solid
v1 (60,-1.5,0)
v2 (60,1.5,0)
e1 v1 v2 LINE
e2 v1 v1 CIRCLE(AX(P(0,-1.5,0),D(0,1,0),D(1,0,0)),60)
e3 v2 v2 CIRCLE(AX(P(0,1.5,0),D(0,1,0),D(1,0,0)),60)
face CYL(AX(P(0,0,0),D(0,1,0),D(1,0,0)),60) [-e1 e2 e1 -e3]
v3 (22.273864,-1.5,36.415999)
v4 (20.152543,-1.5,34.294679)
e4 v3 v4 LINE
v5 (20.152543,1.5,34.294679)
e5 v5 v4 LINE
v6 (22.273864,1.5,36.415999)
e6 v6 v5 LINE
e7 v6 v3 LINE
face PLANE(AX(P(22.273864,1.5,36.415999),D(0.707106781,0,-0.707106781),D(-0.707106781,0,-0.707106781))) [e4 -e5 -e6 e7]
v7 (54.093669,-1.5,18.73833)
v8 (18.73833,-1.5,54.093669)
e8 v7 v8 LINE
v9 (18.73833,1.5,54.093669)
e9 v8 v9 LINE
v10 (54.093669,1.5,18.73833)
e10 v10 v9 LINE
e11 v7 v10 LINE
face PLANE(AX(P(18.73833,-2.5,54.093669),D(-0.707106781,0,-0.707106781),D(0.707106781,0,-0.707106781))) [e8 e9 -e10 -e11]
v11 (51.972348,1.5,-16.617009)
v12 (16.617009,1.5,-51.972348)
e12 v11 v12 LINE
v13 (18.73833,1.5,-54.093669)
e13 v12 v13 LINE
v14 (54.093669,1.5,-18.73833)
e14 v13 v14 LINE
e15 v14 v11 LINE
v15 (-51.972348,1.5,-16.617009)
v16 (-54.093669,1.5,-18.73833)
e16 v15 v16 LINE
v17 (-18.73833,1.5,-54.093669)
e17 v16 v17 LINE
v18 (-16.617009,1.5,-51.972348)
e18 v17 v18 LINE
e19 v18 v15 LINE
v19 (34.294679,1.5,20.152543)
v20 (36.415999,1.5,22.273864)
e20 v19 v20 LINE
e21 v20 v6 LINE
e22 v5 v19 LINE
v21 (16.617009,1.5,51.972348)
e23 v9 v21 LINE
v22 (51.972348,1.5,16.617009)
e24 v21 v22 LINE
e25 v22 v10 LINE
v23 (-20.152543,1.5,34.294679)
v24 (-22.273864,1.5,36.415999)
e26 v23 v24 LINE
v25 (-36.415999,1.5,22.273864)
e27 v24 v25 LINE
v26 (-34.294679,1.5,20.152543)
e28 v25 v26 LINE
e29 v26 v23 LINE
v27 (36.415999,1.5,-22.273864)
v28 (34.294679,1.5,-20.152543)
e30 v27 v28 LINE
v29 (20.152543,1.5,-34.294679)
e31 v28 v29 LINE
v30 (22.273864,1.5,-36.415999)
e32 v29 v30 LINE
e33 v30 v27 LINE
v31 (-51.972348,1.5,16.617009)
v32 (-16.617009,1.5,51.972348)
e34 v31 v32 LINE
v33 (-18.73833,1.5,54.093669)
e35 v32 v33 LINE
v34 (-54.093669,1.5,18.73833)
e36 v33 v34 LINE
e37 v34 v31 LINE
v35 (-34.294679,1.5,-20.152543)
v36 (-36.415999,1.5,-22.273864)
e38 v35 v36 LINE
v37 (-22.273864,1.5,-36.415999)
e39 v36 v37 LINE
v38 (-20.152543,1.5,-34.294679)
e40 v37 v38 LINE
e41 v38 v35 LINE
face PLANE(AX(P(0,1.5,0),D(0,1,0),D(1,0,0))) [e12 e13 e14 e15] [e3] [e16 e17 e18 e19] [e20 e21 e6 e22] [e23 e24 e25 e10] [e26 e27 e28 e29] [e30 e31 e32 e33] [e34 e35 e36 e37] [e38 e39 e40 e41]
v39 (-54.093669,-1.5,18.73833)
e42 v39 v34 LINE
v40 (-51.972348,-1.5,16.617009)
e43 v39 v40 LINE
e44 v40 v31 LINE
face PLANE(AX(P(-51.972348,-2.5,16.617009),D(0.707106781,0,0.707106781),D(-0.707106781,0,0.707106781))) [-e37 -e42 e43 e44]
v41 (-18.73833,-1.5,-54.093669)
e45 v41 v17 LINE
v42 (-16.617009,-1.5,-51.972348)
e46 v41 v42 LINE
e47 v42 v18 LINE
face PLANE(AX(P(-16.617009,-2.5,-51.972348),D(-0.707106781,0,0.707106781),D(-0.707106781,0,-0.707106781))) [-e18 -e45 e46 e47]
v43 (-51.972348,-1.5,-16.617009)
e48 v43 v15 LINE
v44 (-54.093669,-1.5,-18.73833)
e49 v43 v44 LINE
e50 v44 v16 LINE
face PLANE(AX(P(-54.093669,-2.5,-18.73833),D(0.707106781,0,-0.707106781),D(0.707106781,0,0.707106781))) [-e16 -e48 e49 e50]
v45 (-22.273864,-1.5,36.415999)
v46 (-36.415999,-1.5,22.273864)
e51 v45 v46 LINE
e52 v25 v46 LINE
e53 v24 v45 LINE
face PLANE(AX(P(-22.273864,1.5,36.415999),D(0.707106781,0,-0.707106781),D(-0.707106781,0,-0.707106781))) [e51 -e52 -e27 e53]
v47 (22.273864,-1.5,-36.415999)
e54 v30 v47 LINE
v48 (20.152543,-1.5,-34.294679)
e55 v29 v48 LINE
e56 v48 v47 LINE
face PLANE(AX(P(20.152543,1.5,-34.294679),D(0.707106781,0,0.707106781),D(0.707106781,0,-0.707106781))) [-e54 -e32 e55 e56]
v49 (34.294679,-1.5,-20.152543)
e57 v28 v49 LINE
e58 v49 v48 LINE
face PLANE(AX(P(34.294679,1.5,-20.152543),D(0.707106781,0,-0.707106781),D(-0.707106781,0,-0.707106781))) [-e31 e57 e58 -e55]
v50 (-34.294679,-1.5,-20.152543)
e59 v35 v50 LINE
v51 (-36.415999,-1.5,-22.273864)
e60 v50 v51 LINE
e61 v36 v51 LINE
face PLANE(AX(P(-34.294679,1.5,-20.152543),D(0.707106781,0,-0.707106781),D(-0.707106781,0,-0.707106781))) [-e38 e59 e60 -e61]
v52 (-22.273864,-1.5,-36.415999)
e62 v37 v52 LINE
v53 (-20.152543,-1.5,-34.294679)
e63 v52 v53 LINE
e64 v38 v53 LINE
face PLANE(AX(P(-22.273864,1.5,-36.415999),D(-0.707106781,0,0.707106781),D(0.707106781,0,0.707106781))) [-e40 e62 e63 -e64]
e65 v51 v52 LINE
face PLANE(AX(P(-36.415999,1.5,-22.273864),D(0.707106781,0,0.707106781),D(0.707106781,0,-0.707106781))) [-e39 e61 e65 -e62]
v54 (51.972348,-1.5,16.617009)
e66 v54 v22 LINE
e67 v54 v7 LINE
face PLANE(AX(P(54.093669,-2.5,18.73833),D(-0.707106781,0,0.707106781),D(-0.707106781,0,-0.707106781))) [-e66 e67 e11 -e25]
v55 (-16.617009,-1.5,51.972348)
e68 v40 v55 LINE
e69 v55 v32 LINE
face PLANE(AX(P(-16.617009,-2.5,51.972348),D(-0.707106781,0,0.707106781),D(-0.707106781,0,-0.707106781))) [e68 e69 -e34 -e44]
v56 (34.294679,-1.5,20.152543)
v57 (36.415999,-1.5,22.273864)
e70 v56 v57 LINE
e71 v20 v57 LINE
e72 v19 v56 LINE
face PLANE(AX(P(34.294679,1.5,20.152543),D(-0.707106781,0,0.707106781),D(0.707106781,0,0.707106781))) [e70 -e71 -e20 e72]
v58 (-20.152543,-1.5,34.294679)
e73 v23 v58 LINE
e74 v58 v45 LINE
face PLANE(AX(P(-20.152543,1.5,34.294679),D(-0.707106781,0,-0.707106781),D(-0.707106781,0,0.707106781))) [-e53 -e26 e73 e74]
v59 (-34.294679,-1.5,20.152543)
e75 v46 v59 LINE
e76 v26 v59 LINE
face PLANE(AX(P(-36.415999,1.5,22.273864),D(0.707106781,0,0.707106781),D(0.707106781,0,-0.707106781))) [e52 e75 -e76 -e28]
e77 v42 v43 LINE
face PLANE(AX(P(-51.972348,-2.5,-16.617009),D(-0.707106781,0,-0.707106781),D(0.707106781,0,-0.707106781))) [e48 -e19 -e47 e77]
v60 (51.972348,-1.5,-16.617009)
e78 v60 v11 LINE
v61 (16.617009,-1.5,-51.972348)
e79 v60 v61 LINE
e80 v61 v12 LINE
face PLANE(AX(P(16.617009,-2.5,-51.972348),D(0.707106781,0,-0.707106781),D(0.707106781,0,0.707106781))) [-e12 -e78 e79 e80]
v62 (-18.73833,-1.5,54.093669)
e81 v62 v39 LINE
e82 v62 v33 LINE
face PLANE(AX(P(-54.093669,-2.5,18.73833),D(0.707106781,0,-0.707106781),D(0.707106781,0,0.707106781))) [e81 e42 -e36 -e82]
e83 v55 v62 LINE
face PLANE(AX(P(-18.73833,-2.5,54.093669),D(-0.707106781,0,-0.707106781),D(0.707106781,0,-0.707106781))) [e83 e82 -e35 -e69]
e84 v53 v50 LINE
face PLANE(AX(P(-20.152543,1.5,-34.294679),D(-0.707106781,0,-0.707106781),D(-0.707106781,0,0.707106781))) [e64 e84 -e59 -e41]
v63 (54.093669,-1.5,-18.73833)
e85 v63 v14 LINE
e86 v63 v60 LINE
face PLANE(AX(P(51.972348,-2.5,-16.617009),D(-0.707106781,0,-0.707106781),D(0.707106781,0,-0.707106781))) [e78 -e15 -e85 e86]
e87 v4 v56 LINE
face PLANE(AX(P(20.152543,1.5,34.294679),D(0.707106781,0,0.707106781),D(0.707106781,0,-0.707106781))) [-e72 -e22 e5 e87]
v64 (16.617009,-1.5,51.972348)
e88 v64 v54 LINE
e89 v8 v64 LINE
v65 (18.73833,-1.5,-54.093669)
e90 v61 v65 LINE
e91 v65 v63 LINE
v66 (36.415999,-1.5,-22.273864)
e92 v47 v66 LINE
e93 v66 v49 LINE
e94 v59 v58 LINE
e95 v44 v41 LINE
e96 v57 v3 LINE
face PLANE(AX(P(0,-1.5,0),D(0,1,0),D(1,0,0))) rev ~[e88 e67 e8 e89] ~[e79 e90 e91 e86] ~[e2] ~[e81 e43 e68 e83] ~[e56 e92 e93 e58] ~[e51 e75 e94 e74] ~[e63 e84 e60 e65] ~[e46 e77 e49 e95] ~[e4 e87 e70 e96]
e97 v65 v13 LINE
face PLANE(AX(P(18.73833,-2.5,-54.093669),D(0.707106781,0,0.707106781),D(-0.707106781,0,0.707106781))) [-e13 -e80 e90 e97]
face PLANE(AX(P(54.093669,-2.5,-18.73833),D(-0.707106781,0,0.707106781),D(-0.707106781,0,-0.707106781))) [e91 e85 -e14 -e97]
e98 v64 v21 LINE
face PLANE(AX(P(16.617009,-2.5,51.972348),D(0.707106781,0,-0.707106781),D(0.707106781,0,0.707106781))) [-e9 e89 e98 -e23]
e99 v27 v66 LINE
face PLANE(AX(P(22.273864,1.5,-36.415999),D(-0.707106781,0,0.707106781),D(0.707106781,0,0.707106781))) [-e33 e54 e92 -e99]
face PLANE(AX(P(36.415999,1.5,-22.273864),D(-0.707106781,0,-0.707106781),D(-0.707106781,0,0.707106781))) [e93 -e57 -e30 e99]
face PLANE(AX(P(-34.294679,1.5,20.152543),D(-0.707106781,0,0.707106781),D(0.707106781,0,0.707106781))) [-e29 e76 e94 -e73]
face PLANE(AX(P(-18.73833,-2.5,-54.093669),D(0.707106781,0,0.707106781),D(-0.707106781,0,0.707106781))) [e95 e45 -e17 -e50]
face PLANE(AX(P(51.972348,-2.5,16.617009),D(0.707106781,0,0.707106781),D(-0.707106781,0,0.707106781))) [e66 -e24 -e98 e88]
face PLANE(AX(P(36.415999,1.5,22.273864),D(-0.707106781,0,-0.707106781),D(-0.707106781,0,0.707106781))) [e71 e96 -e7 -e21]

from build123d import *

# Parameters (mm, degrees)
SKETCH1_R           = 60
BOSS_EXTRUDE1_DEPTH = 1.5
CUT_EXTRUDE3_START  = -4
CUT_EXTRUDE3_DEPTH  = 5
CIRPATTERN1_COUNT   = 4
CUT_EXTRUDE4_DEPTH  = 4
CIRPATTERN2_COUNT   = 4


with BuildPart() as part:
    # Sketch1 → Boss-Extrude1 (new body, symmetric)
    with BuildSketch(Plane(origin=(0, 0, 0), x_dir=(1, 0, 0), z_dir=(0, 1, 0))):
        Circle(SKETCH1_R)
    extrude(amount=BOSS_EXTRUDE1_DEPTH, both=True)

    # Sketch4 → Cut-Extrude3 (cut)
    with BuildSketch(Plane(origin=(0, 1.5, 0), x_dir=(1, 0, 0), z_dir=(0, 1, 0)).offset(CUT_EXTRUDE3_START)):
        Polygon((16.617009358, 51.972348417), (51.972348417, 16.617009358), (54.093668761, 18.738329701), (18.738329701, 54.093668761), align=None)
    cut_extrude3 = extrude(amount=CUT_EXTRUDE3_DEPTH, mode=Mode.SUBTRACT)

    # CirPattern1: Cut-Extrude3 ×4 about axis
    cirpattern1_axis = Axis((0, 0, 0), (0, 1, 0))
    for i in range(1, CIRPATTERN1_COUNT):
        add(cut_extrude3.rotate(cirpattern1_axis, i * 360 / CIRPATTERN1_COUNT), mode=Mode.SUBTRACT)

    # Sketch5 → Cut-Extrude4 (cut, through all)
    with BuildSketch(Plane(origin=(0, 1.5, 0), x_dir=(1, 0, 0), z_dir=(0, 1, 0))):
        Polygon((22.273863607, 36.415999231), (36.415999231, 22.273863607), (34.294678888, 20.152543264), (20.152543264, 34.294678888), align=None)
    cut_extrude4 = extrude(amount=-CUT_EXTRUDE4_DEPTH, mode=Mode.SUBTRACT)

    # CirPattern2: Cut-Extrude4 ×4 about axis
    cirpattern2_axis = Axis((0, 0, 0), (0, 1, 0))
    for i in range(1, CIRPATTERN2_COUNT):
        add(cut_extrude4.rotate(cirpattern2_axis, i * 360 / CIRPATTERN2_COUNT), mode=Mode.SUBTRACT)


solid = part.part
